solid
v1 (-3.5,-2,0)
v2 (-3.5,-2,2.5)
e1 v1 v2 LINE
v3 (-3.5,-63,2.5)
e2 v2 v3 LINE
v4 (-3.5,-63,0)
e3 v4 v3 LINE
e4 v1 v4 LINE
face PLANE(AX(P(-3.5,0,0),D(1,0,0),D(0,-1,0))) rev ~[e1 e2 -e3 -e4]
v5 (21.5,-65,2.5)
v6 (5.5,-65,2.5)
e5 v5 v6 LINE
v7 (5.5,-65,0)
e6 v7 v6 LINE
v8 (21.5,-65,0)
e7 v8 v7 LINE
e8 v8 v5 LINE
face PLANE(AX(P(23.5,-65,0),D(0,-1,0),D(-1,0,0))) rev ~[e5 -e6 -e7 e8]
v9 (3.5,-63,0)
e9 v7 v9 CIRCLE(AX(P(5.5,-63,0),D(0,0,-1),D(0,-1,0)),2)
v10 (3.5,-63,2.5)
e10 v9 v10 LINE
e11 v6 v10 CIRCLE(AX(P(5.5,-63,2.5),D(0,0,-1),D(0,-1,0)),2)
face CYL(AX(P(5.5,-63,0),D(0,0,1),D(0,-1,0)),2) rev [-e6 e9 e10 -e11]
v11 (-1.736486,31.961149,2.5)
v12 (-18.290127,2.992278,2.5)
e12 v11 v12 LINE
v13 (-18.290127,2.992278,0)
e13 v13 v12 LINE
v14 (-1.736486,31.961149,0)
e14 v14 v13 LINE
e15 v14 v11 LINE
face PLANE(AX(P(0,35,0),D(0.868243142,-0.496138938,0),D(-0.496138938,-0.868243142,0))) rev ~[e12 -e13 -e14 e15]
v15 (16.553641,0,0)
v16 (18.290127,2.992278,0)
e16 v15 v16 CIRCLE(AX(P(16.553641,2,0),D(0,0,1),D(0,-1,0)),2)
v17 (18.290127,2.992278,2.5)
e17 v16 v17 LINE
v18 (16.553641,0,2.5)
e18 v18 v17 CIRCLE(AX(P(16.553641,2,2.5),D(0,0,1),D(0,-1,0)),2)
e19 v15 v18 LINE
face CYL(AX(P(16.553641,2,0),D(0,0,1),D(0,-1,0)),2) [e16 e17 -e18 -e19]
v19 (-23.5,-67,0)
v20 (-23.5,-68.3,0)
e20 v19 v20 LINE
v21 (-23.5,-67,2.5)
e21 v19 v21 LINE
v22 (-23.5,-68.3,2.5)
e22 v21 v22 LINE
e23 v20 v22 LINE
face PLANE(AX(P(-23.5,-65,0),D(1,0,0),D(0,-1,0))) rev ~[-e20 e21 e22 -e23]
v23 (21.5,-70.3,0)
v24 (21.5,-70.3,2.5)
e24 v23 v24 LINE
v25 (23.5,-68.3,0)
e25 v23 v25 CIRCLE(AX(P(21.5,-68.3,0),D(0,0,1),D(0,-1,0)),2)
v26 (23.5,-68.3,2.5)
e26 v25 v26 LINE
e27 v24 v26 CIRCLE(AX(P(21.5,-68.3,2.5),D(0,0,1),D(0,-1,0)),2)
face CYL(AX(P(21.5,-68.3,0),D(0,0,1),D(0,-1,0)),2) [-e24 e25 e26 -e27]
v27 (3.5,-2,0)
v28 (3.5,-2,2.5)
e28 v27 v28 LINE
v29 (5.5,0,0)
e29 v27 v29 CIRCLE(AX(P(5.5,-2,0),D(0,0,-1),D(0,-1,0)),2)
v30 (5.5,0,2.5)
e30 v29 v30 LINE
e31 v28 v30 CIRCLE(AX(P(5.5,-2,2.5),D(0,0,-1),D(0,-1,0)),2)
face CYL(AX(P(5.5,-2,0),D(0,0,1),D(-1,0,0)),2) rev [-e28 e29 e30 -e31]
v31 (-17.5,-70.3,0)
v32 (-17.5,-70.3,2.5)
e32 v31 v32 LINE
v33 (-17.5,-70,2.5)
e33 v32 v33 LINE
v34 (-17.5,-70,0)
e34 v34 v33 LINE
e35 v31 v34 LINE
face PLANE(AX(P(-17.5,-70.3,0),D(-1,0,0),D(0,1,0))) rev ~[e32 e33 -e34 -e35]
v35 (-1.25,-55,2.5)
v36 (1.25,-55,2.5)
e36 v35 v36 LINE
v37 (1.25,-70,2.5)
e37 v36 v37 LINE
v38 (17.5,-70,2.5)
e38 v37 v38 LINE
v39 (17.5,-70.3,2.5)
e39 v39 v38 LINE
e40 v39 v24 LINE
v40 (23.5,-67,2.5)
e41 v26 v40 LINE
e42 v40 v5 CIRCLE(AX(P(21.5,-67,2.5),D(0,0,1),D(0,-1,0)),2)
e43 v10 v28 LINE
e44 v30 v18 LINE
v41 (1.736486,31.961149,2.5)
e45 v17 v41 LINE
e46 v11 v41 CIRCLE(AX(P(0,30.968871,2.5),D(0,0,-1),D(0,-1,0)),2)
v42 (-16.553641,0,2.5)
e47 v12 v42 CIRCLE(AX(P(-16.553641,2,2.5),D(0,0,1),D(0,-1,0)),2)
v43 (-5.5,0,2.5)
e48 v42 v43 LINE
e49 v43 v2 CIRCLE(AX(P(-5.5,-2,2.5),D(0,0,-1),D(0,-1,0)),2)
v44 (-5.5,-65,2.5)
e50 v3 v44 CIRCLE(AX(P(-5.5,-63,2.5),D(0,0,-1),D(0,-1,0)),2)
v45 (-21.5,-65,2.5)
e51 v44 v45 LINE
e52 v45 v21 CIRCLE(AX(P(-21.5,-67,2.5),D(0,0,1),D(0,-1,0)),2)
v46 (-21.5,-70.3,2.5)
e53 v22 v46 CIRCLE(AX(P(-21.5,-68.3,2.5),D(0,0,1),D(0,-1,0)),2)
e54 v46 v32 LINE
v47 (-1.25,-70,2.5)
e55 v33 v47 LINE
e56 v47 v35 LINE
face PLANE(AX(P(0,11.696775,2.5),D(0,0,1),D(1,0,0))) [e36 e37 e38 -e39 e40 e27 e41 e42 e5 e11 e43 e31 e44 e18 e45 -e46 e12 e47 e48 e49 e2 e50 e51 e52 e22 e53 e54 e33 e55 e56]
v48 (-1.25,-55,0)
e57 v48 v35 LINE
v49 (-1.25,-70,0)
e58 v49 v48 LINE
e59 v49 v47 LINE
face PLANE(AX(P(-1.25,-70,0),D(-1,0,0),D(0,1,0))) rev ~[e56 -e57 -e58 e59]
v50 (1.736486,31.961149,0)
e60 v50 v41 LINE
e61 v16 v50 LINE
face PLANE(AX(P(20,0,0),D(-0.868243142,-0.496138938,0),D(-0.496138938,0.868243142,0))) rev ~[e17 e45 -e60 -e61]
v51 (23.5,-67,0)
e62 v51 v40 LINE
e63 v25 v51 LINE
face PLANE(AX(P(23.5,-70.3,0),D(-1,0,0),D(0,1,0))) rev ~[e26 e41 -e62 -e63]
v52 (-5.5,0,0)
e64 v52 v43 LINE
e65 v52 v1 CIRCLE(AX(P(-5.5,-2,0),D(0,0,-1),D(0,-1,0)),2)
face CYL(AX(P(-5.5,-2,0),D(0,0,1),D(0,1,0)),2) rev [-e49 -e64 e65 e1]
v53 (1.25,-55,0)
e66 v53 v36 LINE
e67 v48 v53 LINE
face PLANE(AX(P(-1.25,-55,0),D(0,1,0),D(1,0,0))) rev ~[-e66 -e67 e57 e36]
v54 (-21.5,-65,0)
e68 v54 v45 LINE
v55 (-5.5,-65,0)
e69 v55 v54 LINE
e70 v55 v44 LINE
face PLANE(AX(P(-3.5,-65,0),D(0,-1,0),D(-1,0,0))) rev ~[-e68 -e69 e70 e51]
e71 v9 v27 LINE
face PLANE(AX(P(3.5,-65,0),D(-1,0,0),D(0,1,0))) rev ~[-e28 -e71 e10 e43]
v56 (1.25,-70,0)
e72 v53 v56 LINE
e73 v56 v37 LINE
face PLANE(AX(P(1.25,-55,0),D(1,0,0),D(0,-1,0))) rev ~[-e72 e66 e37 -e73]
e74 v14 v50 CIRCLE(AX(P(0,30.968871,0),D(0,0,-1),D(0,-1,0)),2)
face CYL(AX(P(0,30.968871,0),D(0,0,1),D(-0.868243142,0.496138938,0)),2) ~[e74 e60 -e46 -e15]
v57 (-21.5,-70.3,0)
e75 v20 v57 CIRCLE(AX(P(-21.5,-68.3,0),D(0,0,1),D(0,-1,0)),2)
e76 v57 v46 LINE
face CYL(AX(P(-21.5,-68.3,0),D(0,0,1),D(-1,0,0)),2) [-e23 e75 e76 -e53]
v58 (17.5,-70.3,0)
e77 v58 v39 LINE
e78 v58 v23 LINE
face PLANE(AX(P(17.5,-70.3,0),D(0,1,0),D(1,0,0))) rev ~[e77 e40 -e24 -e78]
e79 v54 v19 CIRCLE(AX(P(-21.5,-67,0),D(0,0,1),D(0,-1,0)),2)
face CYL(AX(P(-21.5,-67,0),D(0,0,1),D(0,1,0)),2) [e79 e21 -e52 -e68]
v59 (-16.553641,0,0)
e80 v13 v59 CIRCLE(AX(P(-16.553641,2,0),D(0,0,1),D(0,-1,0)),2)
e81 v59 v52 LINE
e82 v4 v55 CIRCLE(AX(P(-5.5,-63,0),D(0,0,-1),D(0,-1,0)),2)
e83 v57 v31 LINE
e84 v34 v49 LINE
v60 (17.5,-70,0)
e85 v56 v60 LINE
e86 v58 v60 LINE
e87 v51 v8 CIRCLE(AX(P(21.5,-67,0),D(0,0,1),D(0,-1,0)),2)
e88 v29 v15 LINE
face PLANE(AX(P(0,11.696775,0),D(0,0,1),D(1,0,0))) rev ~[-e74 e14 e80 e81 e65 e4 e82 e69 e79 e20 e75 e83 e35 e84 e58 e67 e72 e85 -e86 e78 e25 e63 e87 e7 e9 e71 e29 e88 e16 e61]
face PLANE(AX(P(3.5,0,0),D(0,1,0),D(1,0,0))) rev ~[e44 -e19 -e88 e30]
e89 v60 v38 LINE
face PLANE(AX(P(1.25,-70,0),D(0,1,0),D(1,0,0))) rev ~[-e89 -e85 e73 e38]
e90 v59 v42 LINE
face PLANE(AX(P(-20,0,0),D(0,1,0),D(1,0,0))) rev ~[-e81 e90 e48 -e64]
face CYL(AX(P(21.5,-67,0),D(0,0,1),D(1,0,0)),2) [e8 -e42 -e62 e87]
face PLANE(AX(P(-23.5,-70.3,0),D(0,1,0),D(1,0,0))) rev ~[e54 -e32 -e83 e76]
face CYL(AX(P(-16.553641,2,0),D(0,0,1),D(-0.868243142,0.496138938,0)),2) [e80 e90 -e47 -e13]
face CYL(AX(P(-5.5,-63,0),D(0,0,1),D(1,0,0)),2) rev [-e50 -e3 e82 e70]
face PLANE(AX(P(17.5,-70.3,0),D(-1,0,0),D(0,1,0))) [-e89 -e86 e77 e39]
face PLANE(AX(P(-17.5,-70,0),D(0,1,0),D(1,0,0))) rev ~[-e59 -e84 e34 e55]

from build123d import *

# Parameters (mm, degrees)
F0_W     = 6
F0_H     = 0.3
F1_DEPTH = 2.5
F2_R     = 2


with BuildPart() as f1:
    # F0 (on Top) → F1 (new body)
    with BuildSketch(Plane.XY):
        Polygon((0, 35), (-20, 0), (-3.5, 0), (3.5, 0), (20, 0), align=None)
        Polygon((3.5, 0), (-3.5, 0), (-3.5, -65), (-23.5, -65), (-23.5, -70), (-17.5, -70), (-1.25, -70), (-1.25, -55), (1.25, -55), (1.25, -70), (17.5, -70), (23.5, -70), (23.5, -65), (3.5, -65), align=None)
        with Locations((-20.5, -70.15)):
            Rectangle(F0_W, F0_H)
        with Locations((20.5, -70.15)):
            Rectangle(F0_W, F0_H)
    extrude(amount=F1_DEPTH)

    # F2
    f2_edges = [f1.edges().sort_by_distance(p)[0] for p in [
        (-3.5, 0, 1.25),
        (3.5, 0, 1.25),
        (20, 0, 1.25),
        (-20, 0, 1.25),
        (0, 35, 1.25),
        (3.5, -65, 1.25),
        (-3.5, -65, 1.25),
        (-23.5, -65, 1.25),
        (23.5, -65, 1.25),
        (-23.5, -70.3, 1.25),
        (23.5, -70.3, 1.25),
    ]]
    fillet(f2_edges, radius=F2_R)


solid = f1.part
